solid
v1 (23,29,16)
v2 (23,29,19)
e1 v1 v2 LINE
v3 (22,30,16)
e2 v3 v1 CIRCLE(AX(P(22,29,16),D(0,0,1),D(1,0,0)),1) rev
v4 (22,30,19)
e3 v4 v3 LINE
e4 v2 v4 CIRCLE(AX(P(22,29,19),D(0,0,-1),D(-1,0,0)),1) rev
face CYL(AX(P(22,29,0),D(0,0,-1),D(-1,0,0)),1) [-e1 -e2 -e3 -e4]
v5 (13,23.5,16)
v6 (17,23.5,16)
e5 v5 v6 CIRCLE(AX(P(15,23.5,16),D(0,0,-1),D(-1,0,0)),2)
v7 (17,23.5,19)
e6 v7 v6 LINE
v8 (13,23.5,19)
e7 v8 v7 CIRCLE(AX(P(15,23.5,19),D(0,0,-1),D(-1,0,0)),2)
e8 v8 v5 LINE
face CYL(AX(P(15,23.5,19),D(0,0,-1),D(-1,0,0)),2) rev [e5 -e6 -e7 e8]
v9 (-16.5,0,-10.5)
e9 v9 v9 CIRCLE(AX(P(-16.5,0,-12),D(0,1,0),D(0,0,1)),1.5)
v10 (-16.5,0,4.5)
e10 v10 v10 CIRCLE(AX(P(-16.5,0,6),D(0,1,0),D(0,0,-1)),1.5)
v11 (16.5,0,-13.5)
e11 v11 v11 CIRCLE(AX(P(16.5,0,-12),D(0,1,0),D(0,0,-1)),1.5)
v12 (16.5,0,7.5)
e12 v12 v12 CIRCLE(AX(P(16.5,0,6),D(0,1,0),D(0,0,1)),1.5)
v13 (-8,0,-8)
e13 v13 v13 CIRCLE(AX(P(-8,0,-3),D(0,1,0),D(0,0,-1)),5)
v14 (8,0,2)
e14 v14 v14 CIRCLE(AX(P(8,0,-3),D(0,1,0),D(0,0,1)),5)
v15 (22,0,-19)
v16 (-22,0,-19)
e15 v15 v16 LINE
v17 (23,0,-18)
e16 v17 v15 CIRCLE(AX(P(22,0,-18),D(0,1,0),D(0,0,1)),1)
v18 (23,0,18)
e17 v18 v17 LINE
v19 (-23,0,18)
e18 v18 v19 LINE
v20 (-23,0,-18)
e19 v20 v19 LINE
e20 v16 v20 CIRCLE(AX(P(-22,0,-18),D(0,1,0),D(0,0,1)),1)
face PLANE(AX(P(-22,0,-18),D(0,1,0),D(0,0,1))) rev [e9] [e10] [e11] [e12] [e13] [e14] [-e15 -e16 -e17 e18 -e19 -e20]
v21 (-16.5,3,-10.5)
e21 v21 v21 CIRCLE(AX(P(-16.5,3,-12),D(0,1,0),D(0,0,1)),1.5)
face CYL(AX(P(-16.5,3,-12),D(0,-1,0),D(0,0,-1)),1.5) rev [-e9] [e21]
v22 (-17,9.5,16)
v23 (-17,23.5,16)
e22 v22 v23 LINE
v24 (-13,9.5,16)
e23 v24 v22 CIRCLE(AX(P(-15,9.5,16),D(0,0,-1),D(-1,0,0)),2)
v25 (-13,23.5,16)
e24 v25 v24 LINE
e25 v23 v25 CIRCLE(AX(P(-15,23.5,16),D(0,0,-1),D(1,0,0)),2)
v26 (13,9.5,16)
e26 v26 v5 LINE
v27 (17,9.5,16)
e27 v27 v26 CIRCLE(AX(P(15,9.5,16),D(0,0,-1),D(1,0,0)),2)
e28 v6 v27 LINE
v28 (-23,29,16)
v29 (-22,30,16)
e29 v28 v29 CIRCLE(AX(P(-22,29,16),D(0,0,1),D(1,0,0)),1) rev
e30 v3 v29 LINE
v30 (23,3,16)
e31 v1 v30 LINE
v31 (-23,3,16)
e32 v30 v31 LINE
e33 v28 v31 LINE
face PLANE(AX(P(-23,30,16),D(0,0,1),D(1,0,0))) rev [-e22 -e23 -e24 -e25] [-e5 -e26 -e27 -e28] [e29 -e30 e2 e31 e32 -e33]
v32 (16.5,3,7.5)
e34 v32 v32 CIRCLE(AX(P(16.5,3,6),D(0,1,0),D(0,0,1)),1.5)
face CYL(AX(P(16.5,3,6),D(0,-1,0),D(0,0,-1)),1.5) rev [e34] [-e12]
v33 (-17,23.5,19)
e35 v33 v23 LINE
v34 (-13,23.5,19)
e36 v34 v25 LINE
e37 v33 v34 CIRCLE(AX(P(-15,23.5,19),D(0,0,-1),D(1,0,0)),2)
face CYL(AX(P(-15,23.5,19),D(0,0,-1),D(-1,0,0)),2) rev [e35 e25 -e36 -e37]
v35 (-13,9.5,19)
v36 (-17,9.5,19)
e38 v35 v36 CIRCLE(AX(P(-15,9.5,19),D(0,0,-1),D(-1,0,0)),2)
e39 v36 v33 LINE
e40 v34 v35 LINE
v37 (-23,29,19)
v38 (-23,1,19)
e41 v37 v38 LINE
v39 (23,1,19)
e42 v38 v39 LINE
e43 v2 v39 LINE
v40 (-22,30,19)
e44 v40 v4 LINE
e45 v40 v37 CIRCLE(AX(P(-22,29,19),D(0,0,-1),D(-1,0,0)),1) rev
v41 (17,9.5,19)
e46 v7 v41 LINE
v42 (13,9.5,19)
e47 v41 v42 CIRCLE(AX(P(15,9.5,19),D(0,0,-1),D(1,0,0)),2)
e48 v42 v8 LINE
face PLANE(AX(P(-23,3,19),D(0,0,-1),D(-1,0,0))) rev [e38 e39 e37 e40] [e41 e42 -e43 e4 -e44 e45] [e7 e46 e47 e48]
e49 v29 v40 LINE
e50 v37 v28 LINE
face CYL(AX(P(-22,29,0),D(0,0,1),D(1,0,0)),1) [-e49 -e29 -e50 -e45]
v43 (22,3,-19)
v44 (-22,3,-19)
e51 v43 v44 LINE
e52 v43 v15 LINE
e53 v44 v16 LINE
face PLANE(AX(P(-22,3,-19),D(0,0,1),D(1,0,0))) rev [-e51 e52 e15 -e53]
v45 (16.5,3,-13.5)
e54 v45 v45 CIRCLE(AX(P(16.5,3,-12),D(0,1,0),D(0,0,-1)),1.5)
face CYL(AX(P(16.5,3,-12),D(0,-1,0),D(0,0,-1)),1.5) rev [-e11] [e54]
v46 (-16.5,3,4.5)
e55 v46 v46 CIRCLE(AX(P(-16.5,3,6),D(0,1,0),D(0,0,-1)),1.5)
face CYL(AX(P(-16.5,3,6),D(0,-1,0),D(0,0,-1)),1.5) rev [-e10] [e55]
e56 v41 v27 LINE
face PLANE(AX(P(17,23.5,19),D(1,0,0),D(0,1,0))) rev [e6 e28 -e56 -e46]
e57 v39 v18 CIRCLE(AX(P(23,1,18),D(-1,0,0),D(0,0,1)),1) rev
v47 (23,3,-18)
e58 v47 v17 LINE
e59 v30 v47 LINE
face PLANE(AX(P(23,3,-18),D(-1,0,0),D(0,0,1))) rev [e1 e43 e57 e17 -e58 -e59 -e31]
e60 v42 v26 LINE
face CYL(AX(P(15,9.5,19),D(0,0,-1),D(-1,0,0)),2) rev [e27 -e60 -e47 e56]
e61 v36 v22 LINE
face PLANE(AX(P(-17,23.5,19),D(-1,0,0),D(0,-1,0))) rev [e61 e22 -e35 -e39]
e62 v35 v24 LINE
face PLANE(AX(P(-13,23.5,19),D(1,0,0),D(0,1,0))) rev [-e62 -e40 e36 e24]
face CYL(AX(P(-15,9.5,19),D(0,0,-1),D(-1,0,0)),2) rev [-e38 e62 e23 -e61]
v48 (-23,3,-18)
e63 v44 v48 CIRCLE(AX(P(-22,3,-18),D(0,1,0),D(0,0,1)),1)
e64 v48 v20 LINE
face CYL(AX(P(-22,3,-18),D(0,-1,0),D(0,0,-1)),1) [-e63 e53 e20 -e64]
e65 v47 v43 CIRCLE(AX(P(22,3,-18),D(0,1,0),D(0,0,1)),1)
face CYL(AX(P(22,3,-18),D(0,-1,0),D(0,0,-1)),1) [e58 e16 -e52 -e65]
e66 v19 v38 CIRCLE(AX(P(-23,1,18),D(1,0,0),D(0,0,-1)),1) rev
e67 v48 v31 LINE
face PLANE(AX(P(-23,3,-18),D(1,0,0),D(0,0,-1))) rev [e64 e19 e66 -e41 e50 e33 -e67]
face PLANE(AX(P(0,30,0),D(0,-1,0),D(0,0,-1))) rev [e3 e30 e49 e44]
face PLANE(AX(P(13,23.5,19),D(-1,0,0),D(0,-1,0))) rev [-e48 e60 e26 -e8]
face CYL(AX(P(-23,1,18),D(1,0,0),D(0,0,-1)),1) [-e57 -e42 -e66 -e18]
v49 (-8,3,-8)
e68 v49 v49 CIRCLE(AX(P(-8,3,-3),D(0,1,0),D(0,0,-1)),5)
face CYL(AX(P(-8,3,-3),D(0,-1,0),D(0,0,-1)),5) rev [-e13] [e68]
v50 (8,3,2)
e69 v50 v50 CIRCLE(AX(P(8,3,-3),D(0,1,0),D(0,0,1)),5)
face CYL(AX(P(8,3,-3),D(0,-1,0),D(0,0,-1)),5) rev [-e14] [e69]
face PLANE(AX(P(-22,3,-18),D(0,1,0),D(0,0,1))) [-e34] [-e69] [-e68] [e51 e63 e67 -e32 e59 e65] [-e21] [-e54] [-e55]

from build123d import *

# Parameters (mm, degrees)
SKETCH2_R           = 5
SKETCH2_R_2         = 1.5
BOSS_EXTRUDE1_DEPTH = 3
SKETCH3_W           = 46
SKETCH3_H           = 3
BOSS_EXTRUDE2_DEPTH = 27
CUT_EXTRUDE1_DEPTH  = 52.51698749
FILLET1_R           = 1
FILLET2_R           = 1


with BuildPart() as part:
    # Sketch2 → Boss-Extrude1 (new body)
    with BuildSketch(Plane(origin=(0, 0, 0), x_dir=(1, 0, 0), z_dir=(0, 1, 0))):
        with BuildLine():
            Line((-22, 19), (22, 19))
            ThreePointArc((22, 19), (22.707106781, 18.707106781), (23, 18))
            Line((23, 18), (23, -19))
            Line((23, -19), (-23, -19))
            Line((-23, -19), (-23, 18))
            ThreePointArc((-23, 18), (-22.707106781, 18.707106781), (-22, 19))
        make_face()
        with Locations(Location((8, 3, 0), (0, 0, 270))):
            Circle(SKETCH2_R, mode=Mode.SUBTRACT)
        with Locations(Location((-8, 3, 0), (0, 0, 90))):
            Circle(SKETCH2_R, mode=Mode.SUBTRACT)
        with Locations(Location((-16.5, 12, 0), (0, 0, 270))):
            Circle(SKETCH2_R_2, mode=Mode.SUBTRACT)
        with Locations(Location((-16.5, -6, 0), (0, 0, 90))):
            Circle(SKETCH2_R_2, mode=Mode.SUBTRACT)
        with Locations(Location((16.5, -6, 0), (0, 0, 270))):
            Circle(SKETCH2_R_2, mode=Mode.SUBTRACT)
        with Locations(Location((16.5, 12, 0), (0, 0, 90))):
            Circle(SKETCH2_R_2, mode=Mode.SUBTRACT)
    extrude(amount=BOSS_EXTRUDE1_DEPTH)

    # Sketch3 → Boss-Extrude2 (add)
    with BuildSketch(Plane(origin=(0, 3, 0), x_dir=(1, 0, 0), z_dir=(0, 1, 0))):
        with Locations((0, -17.5)):
            Rectangle(SKETCH3_W, SKETCH3_H)
    extrude(amount=BOSS_EXTRUDE2_DEPTH)

    # Sketch4 → Cut-Extrude1 (cut, through all)
    with BuildSketch(Plane(origin=(0, 0, 16), x_dir=(-1, 0, 0), z_dir=(0, 0, -1))):
        with BuildLine():
            Line((-17, 23.5), (-17, 9.5))
            ThreePointArc((-17, 9.5), (-15, 7.5), (-13, 9.5))
            Line((-13, 9.5), (-13, 23.5))
            ThreePointArc((-13, 23.5), (-15, 25.5), (-17, 23.5))
        make_face()
        with BuildLine():
            Line((13, 23.5), (13, 9.5))
            ThreePointArc((13, 9.5), (15, 7.5), (17, 9.5))
            Line((17, 9.5), (17, 23.5))
            ThreePointArc((17, 23.5), (15, 25.5), (13, 23.5))
        make_face()
    extrude(amount=-CUT_EXTRUDE1_DEPTH, mode=Mode.SUBTRACT)

    # Fillet1
    fillet1_edges = [part.edges().sort_by_distance(p)[0] for p in [
        (-23, 30, 17.5),
        (23, 30, 17.5),
    ]]
    fillet(fillet1_edges, radius=FILLET1_R)

    # Fillet2
    fillet2_edges = [part.edges().sort_by_distance(p)[0] for p in [
        (0, 0, 19),
    ]]
    fillet(fillet2_edges, radius=FILLET2_R)


solid = part.part
